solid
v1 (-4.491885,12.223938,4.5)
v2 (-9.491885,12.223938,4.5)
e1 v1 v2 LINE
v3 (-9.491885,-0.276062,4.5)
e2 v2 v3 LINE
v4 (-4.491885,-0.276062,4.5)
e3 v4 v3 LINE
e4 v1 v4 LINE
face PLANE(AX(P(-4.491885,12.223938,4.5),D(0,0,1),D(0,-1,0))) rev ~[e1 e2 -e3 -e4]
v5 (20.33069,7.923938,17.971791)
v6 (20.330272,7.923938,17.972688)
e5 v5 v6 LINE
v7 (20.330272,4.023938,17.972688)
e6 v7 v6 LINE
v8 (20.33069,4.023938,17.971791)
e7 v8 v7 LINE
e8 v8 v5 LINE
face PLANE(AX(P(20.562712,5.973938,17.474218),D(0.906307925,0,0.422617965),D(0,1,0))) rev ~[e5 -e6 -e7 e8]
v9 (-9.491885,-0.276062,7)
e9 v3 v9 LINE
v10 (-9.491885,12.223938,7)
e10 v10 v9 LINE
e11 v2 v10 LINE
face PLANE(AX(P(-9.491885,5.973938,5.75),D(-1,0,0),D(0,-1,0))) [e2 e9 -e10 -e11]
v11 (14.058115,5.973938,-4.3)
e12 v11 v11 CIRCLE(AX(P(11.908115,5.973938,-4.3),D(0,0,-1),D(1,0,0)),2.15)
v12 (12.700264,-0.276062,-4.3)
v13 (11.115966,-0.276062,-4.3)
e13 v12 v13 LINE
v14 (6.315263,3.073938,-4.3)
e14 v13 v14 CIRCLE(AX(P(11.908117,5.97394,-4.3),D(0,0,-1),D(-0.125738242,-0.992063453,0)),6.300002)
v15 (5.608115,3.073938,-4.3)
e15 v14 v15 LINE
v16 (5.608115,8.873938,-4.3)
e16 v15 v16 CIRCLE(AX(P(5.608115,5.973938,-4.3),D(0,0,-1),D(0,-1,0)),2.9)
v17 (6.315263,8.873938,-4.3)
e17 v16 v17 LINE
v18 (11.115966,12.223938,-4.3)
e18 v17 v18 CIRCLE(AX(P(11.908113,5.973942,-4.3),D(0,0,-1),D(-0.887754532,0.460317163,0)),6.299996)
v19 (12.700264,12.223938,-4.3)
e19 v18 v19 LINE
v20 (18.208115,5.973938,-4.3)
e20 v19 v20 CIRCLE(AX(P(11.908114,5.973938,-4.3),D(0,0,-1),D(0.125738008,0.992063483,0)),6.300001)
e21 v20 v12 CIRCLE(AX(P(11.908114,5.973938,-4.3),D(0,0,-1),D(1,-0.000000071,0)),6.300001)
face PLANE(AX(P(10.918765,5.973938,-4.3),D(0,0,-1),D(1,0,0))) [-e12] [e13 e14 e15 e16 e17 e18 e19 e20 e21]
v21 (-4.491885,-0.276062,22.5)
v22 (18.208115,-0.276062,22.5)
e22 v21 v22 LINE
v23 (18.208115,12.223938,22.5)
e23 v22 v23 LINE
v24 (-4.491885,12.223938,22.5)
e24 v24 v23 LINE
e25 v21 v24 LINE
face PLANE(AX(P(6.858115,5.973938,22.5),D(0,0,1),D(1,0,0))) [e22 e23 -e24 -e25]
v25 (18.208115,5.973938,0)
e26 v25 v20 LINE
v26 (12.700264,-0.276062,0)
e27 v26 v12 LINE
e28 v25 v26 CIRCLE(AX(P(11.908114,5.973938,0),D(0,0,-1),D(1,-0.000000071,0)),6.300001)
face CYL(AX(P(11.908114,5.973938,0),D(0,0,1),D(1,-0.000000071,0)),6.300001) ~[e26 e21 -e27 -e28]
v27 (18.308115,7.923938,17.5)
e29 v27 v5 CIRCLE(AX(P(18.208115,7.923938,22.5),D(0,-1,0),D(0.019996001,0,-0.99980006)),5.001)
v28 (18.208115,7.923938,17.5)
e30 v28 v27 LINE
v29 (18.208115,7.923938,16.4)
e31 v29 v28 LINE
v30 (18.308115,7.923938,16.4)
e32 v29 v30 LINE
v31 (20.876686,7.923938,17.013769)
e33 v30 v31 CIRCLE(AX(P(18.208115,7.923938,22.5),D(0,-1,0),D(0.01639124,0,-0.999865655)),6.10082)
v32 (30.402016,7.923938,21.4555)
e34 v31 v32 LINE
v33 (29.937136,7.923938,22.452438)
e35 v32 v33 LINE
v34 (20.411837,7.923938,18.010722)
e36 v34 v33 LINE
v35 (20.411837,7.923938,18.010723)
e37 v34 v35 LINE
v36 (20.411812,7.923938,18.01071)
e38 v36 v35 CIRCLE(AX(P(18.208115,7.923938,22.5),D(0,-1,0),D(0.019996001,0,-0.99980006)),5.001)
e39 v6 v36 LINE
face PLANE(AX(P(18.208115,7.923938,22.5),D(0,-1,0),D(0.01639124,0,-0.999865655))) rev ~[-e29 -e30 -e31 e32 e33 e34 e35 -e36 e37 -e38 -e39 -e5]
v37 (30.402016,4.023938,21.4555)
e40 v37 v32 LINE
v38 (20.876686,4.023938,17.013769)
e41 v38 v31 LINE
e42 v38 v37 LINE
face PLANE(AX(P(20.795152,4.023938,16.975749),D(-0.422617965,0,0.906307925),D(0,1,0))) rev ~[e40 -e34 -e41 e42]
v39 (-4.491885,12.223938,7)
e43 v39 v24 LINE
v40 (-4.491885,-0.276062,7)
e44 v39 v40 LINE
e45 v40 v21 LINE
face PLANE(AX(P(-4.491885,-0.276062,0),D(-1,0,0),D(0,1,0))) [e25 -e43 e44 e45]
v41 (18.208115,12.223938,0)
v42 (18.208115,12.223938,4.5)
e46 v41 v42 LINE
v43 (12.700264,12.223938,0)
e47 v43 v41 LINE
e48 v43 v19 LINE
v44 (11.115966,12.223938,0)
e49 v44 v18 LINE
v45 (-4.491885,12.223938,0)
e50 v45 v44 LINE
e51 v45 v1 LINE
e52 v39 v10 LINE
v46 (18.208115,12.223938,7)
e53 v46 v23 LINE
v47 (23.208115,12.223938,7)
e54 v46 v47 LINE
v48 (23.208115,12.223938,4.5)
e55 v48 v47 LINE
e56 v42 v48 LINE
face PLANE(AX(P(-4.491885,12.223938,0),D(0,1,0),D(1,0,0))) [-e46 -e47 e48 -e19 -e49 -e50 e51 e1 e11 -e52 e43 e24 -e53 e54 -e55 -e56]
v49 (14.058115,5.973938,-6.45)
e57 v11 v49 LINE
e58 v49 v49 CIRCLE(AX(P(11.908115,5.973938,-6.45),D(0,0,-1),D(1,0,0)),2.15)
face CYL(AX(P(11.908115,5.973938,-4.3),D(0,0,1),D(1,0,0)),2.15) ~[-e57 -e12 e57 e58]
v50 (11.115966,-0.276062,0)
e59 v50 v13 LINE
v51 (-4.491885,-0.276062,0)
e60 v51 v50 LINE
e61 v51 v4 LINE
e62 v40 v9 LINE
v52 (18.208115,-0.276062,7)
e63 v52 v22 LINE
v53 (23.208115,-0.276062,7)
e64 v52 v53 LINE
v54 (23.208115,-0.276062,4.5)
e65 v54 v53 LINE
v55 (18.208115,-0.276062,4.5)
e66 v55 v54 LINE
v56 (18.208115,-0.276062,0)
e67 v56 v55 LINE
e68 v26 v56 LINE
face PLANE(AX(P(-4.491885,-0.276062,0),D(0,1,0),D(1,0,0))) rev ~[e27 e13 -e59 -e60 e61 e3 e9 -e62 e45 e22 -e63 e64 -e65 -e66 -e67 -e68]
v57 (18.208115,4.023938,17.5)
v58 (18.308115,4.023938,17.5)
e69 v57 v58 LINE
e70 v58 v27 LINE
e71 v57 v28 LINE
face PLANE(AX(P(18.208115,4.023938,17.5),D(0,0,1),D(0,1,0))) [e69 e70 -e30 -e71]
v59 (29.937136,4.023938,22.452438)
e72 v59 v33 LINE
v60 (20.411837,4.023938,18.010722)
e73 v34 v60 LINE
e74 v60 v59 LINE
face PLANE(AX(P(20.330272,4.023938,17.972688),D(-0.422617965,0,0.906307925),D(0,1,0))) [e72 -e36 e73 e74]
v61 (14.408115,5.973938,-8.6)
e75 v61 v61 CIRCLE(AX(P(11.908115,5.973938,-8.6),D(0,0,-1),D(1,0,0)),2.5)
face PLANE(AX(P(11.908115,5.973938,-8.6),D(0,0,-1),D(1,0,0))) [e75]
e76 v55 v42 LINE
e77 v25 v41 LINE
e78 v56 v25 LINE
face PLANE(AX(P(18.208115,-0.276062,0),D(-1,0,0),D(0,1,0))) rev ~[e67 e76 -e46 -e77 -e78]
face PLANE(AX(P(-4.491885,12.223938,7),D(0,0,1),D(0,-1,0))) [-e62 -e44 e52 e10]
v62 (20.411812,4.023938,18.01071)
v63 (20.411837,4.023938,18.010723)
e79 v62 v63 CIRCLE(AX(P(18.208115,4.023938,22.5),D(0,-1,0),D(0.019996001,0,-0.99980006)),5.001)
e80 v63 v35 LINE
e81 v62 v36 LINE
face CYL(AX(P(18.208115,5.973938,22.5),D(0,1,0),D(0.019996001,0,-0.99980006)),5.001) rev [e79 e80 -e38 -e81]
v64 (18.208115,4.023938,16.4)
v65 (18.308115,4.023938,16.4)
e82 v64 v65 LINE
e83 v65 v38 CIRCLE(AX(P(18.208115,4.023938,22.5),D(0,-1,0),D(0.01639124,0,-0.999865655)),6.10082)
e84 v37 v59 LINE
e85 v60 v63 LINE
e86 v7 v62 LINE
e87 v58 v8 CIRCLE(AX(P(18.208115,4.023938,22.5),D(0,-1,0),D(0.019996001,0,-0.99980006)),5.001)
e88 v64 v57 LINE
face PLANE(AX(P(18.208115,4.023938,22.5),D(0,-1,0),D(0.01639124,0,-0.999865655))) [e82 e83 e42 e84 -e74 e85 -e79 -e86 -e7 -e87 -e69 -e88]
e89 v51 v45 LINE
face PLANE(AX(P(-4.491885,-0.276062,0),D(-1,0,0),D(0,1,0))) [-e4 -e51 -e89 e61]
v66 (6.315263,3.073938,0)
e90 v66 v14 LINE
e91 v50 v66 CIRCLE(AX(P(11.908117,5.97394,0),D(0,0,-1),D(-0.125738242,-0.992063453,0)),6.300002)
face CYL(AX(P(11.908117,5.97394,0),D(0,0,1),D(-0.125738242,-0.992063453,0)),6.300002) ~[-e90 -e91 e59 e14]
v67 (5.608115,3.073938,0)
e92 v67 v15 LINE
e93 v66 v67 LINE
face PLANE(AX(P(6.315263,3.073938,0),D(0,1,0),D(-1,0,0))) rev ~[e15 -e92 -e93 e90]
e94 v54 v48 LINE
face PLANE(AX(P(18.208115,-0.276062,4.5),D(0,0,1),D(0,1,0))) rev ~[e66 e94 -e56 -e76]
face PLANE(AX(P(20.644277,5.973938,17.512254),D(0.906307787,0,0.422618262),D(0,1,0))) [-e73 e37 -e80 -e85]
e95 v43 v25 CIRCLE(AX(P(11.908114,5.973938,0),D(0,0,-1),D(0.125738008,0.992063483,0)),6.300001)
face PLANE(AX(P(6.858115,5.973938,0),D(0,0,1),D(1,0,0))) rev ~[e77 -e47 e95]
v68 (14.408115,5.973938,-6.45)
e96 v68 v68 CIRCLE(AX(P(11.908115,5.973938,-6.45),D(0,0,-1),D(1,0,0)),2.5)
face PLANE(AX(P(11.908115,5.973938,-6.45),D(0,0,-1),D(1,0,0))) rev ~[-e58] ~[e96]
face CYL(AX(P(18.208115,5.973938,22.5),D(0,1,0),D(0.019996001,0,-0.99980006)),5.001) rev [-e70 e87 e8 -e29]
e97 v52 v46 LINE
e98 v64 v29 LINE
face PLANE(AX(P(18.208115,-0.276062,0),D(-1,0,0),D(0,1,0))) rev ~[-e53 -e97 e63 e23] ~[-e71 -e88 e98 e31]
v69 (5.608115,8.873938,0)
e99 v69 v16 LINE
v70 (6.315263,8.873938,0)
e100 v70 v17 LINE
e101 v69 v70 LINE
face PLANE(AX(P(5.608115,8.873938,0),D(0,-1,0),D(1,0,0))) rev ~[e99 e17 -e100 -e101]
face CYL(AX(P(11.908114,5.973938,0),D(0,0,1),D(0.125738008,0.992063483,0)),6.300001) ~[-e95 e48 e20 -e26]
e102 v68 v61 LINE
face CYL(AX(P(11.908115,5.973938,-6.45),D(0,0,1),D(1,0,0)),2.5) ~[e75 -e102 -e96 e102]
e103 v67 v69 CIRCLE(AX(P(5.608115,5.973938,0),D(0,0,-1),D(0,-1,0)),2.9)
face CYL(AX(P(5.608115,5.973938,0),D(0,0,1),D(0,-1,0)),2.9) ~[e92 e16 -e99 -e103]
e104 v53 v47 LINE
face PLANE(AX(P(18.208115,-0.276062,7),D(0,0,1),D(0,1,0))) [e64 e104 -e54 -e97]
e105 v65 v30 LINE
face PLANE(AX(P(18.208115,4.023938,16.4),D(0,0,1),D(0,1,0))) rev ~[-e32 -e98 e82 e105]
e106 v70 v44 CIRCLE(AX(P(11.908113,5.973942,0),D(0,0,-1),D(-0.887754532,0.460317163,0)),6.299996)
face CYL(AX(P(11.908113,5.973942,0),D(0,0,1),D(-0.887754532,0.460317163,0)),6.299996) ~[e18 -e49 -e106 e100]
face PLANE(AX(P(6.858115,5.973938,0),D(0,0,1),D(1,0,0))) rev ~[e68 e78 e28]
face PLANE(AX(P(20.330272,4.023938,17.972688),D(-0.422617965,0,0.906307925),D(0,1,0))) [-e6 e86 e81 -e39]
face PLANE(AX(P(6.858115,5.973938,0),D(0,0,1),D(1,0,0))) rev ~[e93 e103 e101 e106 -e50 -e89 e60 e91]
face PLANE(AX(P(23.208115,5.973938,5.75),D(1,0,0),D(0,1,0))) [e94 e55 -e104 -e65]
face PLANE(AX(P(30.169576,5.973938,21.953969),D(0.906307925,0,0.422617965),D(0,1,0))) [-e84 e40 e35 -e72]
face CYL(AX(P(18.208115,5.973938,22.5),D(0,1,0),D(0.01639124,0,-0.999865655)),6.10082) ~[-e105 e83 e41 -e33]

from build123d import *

# Parameters (mm, degrees)
F0_W       = 22.7
F0_H       = 12.5
F1_DEPTH   = 22.5
F2_W       = 12.5
F2_H       = 2.5
F3_DEPTH   = 5
F4_W       = 12.5
F4_H       = 2.5
F5_DEPTH   = 5
F7_DEPTH   = 4.3
F8_R       = 2.15
F9_DEPTH   = 2.15
F10_R      = 2.5
F11_DEPTH  = 2.15
F12_W      = 3.9
F12_H      = 1.1
F13_DEPTH  = 0.1
F13_FACE_W = 3.9
F13_FACE_H = 1.1
F14_ANGLE  = 25
F15_W      = 3.9
F15_H      = 1.1
F16_DEPTH  = 10.6


with BuildPart() as f1:
    # F0 (on Top) → F1 (new body)
    with BuildSketch(Plane.XY):
        with Locations((6.858115, 5.973938)):
            Rectangle(F0_W, F0_H)
    extrude(amount=F1_DEPTH)

    # F2 (on face) → F3 (join)
    with BuildSketch(Plane(origin=(-4.491885, 0, 0), x_dir=(0, -1, 0), z_dir=(-1, 0, 0))):
        with Locations((-5.973938, 5.75)):
            Rectangle(F2_W, F2_H)
    extrude(amount=F3_DEPTH)

    # F4 (on face) → F5 (join)
    with BuildSketch(Plane.YZ.offset(18.208115)):
        with Locations((5.973938, 5.75)):
            Rectangle(F4_W, F4_H)
    extrude(amount=F5_DEPTH)

    # F6 (on face) → F7 (join)
    with BuildSketch(Plane(origin=(0, 0, 0), x_dir=(1, 0, 0), z_dir=(0, 0, -1))):
        with BuildLine():
            Line((5.608115, -8.873938), (6.315263, -8.873938))
            ThreePointArc((6.315263, -8.873938), (8.302885, -11.140399), (11.115966, -12.223938))
            Line((11.115966, -12.223938), (12.700264, -12.223938))
            ThreePointArc((12.700264, -12.223938), (16.634664, -10.139239), (18.208115, -5.973938))
            ThreePointArc((18.208115, -5.973938), (16.634664, -1.808637), (12.700264, 0.276062))
            Line((12.700264, 0.276062), (11.115966, 0.276062))
            ThreePointArc((11.115966, 0.276062), (8.302885, -0.807478), (6.315263, -3.073938))
            Line((6.315263, -3.073938), (5.608115, -3.073938))
            ThreePointArc((5.608115, -3.073938), (2.708115, -5.973938), (5.608115, -8.873938))
        make_face()
    extrude(amount=F7_DEPTH)

    # F8 (on face) → F9 (join)
    with BuildSketch(Plane(origin=(0, 0, -4.3), x_dir=(1, 0, 0), z_dir=(0, 0, -1))):
        with Locations((11.908115, -5.973938)):
            Circle(F8_R)
    extrude(amount=F9_DEPTH)

    # F10 (on face) → F11 (join)
    with BuildSketch(Plane(origin=(0, 0, -6.45), x_dir=(1, 0, 0), z_dir=(0, 0, -1))):
        with Locations((11.908115, -5.973938)):
            Circle(F10_R)
    extrude(amount=F11_DEPTH)

    # F12 (on face) → F13 (join)
    with BuildSketch(Plane.YZ.offset(18.208115)):
        with Locations((5.973938, 16.95)):
            Rectangle(F12_W, F12_H)
    extrude(amount=F13_DEPTH)

    # F13_face (on face) → F14 (revolve)
    with BuildSketch(Plane(origin=(18.308115, 5.973938, 16.95), x_dir=(0, 1, 0), z_dir=(1, 0, 0))):
        Rectangle(F13_FACE_W, F13_FACE_H)
    revolve(axis=Axis((18.208115, 5.973938, 22.5), (0, -1, 0)), revolution_arc=F14_ANGLE)

    # F15 (on face) → F16 (join)
    with BuildSketch(Plane(origin=(23.583096, 0, 10.996978), x_dir=(0, 1, 0), z_dir=(0.906308, 0, 0.422618))):
        with Locations((5.973938, 7.146843)):
            Rectangle(F15_W, F15_H)
    extrude(amount=F16_DEPTH)


solid = f1.part
